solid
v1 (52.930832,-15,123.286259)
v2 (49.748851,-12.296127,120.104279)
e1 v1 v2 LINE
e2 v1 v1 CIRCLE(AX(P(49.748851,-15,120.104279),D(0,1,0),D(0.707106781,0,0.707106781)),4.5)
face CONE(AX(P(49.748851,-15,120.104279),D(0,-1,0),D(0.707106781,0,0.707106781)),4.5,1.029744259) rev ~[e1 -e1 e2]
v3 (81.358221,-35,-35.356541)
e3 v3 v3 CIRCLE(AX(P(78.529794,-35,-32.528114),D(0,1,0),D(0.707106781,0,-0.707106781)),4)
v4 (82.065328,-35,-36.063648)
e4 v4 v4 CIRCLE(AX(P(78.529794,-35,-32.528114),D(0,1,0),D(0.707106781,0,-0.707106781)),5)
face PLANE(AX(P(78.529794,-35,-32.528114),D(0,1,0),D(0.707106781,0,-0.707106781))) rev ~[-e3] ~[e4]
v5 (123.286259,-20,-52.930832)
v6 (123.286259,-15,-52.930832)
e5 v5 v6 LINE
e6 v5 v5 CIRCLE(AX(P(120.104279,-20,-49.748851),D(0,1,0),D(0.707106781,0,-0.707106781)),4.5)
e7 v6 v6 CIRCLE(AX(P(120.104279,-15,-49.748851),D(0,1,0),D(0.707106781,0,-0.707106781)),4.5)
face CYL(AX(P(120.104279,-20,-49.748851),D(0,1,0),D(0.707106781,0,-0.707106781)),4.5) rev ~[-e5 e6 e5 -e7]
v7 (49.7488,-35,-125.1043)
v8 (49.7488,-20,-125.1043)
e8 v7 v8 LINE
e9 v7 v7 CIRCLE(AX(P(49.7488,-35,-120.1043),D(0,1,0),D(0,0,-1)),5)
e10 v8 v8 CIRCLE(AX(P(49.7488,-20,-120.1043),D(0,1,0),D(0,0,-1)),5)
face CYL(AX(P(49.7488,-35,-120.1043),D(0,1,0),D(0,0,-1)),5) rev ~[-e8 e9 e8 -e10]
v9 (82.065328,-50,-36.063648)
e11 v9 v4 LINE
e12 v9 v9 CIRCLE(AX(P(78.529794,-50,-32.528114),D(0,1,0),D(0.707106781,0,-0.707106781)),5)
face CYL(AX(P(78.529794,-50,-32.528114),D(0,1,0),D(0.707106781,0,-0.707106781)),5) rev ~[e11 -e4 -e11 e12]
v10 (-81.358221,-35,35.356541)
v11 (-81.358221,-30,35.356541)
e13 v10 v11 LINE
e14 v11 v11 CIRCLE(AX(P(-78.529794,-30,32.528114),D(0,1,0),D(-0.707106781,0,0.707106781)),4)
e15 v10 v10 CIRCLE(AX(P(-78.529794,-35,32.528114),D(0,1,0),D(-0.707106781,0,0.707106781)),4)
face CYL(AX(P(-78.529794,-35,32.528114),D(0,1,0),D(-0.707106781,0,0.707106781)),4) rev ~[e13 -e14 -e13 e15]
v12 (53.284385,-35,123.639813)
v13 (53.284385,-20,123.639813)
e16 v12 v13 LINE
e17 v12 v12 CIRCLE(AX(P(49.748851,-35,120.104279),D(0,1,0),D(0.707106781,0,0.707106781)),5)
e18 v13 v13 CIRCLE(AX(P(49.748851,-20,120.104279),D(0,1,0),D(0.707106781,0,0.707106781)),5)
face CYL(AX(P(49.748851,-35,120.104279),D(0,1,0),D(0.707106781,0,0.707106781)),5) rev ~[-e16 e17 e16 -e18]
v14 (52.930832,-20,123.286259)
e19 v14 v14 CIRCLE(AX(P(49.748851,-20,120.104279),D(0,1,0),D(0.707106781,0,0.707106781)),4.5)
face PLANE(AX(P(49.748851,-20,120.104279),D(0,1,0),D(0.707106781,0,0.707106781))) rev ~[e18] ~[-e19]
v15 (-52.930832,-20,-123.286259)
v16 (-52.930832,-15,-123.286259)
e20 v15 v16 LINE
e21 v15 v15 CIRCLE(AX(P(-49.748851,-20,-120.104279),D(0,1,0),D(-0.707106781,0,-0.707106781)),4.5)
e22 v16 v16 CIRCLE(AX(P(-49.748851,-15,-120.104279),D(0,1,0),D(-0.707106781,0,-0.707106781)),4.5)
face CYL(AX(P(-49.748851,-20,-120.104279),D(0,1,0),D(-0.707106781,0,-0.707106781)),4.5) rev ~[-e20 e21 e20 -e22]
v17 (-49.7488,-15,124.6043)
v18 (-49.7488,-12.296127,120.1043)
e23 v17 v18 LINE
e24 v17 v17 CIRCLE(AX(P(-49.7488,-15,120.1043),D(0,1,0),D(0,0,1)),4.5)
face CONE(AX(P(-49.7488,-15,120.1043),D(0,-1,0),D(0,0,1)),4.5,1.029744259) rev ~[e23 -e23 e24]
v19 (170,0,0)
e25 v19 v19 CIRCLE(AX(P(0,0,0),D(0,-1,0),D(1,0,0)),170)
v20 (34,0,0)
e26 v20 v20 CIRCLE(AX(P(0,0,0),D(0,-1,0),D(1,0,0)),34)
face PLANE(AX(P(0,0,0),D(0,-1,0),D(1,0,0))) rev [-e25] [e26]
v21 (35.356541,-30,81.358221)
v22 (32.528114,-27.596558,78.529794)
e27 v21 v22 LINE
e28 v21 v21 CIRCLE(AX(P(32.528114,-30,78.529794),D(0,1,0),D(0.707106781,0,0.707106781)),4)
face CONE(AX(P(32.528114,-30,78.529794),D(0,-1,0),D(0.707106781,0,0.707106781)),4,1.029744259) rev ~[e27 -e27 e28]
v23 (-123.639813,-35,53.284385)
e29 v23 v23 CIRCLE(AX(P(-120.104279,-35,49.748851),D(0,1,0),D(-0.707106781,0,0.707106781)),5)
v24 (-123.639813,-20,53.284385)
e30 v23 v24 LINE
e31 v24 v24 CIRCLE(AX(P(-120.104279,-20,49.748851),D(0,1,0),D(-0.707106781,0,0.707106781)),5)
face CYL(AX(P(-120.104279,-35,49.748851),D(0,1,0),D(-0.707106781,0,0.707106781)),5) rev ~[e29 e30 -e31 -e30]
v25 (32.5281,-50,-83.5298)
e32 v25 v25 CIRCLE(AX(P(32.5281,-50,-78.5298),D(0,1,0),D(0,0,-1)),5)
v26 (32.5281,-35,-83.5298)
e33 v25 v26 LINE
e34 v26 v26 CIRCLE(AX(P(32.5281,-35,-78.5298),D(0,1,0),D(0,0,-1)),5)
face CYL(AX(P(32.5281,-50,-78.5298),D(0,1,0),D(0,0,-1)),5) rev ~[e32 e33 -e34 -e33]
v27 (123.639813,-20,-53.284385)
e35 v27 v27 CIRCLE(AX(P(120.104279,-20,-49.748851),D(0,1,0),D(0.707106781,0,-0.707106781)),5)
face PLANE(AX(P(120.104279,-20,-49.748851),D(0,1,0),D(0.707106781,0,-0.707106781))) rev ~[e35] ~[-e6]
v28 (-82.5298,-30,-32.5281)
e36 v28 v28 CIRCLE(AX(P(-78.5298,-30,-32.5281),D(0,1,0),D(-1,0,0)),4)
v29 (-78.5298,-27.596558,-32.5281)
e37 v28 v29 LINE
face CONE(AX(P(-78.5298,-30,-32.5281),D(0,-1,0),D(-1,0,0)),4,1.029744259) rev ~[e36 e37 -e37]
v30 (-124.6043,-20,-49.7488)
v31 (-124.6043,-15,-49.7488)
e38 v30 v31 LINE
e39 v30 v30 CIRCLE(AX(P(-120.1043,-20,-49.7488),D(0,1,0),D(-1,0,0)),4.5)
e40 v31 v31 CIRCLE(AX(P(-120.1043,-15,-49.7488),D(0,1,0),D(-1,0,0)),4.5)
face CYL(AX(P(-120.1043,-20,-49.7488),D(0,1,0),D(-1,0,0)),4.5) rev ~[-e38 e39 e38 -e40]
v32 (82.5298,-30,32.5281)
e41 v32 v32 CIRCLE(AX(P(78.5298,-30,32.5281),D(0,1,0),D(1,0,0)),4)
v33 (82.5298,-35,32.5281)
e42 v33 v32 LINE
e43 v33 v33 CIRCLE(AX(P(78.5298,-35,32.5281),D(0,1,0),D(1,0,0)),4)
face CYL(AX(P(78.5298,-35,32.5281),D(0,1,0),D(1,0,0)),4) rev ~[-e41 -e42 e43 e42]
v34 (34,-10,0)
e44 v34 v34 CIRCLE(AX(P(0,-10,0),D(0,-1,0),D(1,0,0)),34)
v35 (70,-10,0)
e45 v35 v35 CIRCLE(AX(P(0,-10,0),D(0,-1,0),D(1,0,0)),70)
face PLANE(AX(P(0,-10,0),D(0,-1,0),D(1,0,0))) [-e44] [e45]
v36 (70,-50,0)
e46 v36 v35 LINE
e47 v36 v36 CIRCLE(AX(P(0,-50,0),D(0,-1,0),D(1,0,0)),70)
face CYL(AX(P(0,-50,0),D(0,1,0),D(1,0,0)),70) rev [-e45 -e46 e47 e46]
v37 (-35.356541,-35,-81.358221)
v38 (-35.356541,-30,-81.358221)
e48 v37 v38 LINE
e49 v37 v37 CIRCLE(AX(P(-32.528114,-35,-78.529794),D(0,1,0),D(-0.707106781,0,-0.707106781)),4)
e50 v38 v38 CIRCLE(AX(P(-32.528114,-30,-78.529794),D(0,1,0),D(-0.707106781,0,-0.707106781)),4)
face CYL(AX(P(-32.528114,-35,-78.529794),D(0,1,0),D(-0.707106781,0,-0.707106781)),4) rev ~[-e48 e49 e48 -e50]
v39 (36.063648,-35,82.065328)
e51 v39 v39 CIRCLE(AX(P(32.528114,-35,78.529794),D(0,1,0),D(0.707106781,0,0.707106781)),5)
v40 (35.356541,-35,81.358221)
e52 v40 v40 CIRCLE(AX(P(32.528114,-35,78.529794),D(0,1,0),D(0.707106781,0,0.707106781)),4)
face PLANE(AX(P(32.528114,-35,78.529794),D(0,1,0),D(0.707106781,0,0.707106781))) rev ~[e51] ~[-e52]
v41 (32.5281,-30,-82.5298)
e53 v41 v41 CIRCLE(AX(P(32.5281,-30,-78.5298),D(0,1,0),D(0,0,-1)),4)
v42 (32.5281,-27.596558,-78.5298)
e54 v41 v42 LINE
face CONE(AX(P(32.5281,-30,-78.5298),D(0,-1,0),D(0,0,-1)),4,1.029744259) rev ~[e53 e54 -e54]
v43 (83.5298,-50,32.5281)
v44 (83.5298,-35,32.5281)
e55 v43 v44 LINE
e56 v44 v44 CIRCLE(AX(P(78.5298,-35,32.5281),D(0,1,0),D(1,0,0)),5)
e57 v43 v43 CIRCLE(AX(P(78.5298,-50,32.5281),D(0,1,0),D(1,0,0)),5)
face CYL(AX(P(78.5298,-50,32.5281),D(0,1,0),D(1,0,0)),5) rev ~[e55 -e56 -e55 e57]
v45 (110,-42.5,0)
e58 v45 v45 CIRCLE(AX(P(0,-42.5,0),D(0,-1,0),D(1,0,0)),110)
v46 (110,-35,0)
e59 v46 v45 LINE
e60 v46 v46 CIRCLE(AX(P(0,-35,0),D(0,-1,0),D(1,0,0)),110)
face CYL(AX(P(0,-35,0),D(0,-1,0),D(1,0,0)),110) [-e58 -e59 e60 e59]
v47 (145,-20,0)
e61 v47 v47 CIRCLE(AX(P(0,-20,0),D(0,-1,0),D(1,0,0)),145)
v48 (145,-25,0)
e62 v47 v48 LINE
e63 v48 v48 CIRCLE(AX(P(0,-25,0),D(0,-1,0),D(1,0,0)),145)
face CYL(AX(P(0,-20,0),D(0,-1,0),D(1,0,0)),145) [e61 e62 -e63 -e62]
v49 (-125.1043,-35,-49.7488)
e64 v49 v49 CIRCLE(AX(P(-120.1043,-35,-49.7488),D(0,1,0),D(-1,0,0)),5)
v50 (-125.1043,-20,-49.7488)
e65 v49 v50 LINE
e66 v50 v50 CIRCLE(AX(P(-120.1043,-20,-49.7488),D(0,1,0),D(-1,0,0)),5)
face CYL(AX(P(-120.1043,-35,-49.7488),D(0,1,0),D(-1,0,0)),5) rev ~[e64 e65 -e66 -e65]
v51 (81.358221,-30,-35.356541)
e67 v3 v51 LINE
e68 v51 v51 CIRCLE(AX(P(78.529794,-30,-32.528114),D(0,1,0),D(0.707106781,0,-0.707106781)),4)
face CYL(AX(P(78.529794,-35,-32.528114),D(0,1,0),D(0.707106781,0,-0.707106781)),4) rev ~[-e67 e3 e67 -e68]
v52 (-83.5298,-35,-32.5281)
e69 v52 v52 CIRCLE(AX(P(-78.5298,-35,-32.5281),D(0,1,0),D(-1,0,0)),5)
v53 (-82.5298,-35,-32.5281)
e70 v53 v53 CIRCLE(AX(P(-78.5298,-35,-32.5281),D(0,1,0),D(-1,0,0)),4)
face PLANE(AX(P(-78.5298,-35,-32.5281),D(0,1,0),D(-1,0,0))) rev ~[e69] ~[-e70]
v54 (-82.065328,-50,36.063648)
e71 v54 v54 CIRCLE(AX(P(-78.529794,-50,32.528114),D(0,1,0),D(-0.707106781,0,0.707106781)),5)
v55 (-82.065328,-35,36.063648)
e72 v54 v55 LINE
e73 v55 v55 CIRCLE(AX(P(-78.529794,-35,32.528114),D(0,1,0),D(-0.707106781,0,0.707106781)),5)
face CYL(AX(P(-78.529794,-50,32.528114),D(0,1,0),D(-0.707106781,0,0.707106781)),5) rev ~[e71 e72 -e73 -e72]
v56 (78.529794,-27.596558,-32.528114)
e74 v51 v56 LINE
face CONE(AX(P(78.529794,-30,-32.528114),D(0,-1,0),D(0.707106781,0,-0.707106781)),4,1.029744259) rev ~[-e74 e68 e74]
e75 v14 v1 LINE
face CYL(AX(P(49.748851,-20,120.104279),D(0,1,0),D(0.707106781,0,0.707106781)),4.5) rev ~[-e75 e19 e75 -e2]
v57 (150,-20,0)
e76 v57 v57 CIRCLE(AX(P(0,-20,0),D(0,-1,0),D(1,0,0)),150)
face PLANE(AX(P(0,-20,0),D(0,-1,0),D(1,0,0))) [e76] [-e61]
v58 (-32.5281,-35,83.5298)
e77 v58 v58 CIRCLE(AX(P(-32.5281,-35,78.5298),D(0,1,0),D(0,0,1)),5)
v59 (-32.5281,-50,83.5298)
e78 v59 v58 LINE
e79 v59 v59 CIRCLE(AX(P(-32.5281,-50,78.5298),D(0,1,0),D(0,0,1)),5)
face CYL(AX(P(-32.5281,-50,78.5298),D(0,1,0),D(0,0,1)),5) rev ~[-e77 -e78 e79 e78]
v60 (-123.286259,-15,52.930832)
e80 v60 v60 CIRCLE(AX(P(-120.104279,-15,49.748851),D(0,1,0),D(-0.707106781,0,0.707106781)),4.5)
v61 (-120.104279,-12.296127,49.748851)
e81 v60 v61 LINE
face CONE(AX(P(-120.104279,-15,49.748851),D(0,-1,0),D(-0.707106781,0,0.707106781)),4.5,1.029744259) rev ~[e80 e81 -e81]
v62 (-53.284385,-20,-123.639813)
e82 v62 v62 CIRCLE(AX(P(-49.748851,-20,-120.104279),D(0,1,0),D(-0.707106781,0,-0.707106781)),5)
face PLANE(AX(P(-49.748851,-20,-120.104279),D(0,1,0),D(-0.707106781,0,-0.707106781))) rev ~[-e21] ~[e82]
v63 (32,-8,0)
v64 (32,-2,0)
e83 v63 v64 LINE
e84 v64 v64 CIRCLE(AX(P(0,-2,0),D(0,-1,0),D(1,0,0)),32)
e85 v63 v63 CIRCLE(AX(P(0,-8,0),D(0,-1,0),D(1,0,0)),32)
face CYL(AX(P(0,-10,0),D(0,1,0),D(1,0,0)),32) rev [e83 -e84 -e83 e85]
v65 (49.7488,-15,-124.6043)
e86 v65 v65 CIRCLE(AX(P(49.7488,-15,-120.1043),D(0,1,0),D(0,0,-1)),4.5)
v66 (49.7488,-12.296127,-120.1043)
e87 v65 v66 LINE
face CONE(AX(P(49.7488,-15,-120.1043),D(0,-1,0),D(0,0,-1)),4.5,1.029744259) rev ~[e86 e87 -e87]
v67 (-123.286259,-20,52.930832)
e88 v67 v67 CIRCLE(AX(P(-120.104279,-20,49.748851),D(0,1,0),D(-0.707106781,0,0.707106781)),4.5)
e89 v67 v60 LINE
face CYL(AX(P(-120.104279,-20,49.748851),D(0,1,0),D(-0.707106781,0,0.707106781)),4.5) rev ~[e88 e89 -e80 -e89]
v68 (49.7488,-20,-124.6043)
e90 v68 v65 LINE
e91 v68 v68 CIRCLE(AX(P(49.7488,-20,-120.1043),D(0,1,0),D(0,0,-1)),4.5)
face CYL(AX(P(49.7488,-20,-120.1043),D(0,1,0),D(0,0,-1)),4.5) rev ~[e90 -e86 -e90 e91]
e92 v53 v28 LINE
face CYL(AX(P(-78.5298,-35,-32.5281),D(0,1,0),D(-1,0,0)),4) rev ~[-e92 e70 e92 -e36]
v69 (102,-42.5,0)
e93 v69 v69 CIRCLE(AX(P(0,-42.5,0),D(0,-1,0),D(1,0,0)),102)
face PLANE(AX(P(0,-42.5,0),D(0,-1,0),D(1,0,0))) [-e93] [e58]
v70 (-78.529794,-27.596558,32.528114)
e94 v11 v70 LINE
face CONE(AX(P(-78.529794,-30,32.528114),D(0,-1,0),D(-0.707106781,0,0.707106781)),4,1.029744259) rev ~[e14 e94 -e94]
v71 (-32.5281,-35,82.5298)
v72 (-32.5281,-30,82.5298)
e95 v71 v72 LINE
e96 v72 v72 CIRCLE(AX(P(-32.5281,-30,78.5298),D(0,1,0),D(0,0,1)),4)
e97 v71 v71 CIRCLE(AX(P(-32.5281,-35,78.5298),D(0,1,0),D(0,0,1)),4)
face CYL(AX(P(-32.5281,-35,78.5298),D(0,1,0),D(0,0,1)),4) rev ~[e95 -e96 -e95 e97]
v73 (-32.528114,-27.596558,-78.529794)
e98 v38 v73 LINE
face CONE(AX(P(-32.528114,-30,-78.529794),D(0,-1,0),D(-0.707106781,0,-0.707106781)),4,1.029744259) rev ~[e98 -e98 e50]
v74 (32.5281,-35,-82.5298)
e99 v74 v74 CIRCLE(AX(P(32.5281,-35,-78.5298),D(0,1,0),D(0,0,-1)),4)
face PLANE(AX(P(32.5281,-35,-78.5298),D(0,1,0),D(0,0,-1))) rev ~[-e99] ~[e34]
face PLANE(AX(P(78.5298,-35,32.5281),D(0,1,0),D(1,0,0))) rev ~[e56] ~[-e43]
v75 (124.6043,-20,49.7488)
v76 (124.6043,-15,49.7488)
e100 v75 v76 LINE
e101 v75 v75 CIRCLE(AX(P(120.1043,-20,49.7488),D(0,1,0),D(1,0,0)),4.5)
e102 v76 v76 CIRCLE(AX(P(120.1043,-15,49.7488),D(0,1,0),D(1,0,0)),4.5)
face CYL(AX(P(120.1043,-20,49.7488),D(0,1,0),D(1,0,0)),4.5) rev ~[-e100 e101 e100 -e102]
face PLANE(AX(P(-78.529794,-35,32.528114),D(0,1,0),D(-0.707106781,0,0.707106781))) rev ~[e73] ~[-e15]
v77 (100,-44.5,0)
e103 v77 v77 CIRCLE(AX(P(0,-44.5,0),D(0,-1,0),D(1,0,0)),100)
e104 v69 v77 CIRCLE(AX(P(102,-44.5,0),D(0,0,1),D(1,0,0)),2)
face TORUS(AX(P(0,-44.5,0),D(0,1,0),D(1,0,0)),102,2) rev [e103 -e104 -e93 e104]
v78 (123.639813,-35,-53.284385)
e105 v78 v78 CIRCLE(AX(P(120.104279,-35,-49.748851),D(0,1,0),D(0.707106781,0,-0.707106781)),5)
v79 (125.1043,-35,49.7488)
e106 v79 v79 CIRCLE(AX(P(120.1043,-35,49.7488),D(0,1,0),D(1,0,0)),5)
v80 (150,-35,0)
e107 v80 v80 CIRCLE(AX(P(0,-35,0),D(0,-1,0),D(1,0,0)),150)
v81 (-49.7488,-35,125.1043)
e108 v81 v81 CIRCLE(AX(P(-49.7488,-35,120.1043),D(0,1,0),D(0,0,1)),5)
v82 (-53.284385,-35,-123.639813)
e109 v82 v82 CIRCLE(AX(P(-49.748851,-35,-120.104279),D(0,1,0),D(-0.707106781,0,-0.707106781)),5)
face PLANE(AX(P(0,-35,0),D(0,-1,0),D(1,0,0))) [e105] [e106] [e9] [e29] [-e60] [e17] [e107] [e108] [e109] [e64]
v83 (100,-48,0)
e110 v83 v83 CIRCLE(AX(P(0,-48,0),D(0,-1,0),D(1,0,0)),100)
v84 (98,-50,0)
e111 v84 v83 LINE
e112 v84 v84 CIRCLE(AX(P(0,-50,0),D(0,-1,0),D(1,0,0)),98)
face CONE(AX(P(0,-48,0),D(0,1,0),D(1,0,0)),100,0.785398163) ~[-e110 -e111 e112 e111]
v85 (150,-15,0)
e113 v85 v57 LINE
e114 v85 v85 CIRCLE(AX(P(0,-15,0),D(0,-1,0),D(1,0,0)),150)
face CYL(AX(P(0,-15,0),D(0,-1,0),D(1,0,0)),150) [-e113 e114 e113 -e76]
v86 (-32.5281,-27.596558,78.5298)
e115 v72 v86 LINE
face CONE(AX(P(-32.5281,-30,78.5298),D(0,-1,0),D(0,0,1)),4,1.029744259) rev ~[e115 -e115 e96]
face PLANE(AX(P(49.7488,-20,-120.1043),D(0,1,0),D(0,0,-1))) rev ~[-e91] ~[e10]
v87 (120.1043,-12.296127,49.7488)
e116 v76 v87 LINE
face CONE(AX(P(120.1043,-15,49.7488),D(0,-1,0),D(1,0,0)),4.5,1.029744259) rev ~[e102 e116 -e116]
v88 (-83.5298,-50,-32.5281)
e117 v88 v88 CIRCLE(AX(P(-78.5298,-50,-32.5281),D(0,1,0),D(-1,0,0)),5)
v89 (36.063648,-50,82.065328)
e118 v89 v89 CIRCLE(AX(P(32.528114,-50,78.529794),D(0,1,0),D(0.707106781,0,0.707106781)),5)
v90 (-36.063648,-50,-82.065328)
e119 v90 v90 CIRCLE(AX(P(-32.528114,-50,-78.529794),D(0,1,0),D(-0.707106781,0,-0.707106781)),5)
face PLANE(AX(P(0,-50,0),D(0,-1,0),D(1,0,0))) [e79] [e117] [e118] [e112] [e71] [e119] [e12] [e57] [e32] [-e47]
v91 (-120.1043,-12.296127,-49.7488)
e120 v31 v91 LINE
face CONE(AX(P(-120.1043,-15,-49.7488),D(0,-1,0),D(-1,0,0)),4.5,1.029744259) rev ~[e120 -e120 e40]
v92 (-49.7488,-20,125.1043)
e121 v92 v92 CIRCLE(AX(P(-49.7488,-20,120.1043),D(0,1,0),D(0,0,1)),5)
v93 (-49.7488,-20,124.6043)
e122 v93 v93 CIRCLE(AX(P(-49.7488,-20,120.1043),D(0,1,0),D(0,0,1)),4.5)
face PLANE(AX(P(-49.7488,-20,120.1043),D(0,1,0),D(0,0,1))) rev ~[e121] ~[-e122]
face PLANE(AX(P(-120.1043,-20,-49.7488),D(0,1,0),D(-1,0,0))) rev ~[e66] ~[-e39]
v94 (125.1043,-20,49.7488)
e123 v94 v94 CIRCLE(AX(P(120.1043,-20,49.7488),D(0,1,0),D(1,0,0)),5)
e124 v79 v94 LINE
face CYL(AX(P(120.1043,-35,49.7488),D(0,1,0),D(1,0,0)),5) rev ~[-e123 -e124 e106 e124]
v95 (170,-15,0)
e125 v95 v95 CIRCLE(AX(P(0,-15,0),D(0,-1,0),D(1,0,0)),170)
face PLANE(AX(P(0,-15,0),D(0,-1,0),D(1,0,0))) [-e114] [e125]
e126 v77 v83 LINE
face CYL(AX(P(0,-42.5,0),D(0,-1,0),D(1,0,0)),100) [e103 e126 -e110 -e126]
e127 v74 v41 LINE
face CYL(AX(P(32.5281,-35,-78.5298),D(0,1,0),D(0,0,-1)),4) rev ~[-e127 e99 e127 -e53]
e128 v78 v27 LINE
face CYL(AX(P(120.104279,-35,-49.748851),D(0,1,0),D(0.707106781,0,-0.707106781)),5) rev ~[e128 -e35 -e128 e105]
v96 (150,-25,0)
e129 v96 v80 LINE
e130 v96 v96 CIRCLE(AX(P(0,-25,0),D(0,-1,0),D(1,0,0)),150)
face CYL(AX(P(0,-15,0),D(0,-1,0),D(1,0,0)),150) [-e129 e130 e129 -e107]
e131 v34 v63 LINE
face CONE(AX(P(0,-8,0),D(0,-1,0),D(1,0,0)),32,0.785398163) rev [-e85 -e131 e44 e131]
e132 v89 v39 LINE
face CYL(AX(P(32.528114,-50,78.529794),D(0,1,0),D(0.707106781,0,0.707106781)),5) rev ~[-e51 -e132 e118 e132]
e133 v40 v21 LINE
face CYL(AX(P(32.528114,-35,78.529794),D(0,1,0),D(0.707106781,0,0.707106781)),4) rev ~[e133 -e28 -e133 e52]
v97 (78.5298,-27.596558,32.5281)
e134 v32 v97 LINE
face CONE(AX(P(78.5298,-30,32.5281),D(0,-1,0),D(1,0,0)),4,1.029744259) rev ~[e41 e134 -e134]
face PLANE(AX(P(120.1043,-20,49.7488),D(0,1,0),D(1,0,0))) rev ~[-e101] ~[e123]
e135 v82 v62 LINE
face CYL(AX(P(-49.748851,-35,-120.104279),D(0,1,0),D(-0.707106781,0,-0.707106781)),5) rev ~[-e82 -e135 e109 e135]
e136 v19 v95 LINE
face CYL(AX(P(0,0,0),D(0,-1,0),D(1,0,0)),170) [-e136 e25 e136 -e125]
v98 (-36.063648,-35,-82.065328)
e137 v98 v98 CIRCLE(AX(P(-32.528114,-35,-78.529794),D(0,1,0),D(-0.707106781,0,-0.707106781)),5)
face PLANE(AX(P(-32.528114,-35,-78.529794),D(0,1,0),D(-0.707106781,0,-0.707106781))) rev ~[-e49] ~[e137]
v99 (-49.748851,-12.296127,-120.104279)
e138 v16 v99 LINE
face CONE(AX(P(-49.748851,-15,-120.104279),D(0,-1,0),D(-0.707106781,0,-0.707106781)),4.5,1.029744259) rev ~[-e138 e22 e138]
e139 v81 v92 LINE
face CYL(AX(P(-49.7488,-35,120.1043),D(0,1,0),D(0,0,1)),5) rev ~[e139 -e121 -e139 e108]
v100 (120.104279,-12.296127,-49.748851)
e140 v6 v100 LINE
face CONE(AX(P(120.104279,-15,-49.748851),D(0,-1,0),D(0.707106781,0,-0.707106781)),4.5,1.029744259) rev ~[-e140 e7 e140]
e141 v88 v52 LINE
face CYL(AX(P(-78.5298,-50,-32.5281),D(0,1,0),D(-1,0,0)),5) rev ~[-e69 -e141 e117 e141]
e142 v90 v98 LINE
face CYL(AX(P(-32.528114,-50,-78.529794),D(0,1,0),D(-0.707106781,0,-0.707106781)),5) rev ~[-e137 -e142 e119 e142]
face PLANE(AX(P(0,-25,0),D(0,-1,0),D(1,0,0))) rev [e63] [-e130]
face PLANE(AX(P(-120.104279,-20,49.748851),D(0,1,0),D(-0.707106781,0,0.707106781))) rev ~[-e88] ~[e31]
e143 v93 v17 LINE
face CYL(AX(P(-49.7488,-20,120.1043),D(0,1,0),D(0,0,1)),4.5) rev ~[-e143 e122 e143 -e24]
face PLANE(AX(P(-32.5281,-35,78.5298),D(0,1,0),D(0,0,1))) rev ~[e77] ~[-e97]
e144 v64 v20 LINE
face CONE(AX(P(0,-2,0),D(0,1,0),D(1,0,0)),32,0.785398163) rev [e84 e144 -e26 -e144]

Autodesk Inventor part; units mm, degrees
ref_plane "YZ Plane" through (0, 0, 0) normal (1, 0, 0) x (0, 1, 0)
ref_plane "XZ Plane" through (0, 0, 0) normal (0, 1, 0) x (-1, 0, 0)
ref_plane "XY Plane" through (0, 0, 0) normal (0, 0, 1) x (1, 0, 0)
sketch "Эскиз1" plane through (0, 0, 0) normal (0, 0, 1) x (1, 0, 0)
  line L0 (0, 0) -> (170, 0)
  line L1 (170, 0) -> (170, -15)
  line L2 (170, -15) -> (150, -15)
  line L3 (150, -15) -> (150, -35)
  line L4 (150, -35) -> (110, -35)
  line L5 (110, -35) -> (110, -42.5)
  line L6 (110, -42.5) -> (100, -42.5)
  line L7 (100, -42.5) -> (100, -50)
  line L8 (100, -50) -> (70, -50)
  line L9 (70, -50) -> (70, -10)
  line L10 (70, -10) -> (32, -10)
  line L11 (32, -10) -> (32, 0)
  line L12 (0, 0) -> (0, -18.1999)
  line L13 (150, -20) -> (145, -20)
  line L14 (145, -20) -> (145, -25)
  line L15 (145, -25) -> (150, -25)
  dimension "d0" = 170
  dimension "d1" = 15
  dimension "d2" = 20
  dimension "d3" = 20
  dimension "d4" = 40
  dimension "d5" = 7.5
  dimension "d6" = 10
  dimension "d7" = 7.5
  dimension "d8" = 30
  dimension "d9" = 40
  dimension "d10" = 38
  dimension "d11" = 5
  dimension "d12" = 5
  dimension "d15" = 5
revolve "Вращение1" add sketch "Эскиз1" angle 360 about axis through (0, 0, 0) along (0, -1, 0) contours L0 L1 L2 L3 L13 L14 L15 L4 L5 L6 L7 L8 L9 L10 L11
fillet "Сопряжение1" radius 2 1 edges at (-100, -42.5, 0)
sketch "Эскиз2" plane through (0, -35, 0) normal (0, -1, 0) x (1, 0, 0)
  circle A0 centre (0, 0) radius 110 projected
  line L0 (0, 0) -> (49.7488, -120.1043)
  line L1 (0, -238) -> (0, 238) projected
  dimension "d16" = 130
  dimension "d17" = 22.5
hole "Отверстие1" at (49.7488, -35, -120.1043) direction (0, 1, 0) diameter 9 depth 20 tip angle 118 counterbore diameter 10 counterbore depth 15
pattern_circular "Круговой массив1" count 8 over 360 about axis through (0, -30, 0) along (0, -1, 0) of "Отверстие1"
sketch "Эскиз3" plane through (0, -50, 0) normal (0, -1, 0) x (1, 0, 0)
  circle A0 centre (0, 0) radius 70 projected
  line L0 (0, 0) -> (32.5281, -78.5298)
  line L1 (0, -238) -> (0, 238) projected
  dimension "d44" = 85
  dimension "d45" = 22.5
hole "Отверстие2" at (32.5281, -50, -78.5298) direction (0, 1, 0) diameter 8 depth 20 tip angle 118 counterbore diameter 10 counterbore depth 15
pattern_circular "Круговой массив2" count 8 over 360 about axis through (0, -30, 0) along (0, -1, 0) of "Отверстие2"
chamfer "Фаска1" distance 2 angle 45 2 edges at (-32, 0, 0) (-32, -10, 0)
chamfer "Фаска2" distance 2 angle 45 1 edges at (-100, -50, 0)
thread "Резьба17" size "M10x1.5" class "6H" standard "ANSI Metric M Profile" full length
thread "Резьба18" size "M10x1.5" class "6H" standard "ANSI Metric M Profile" full length
thread "Резьба19" size "M10x1.5" class "6H" standard "ANSI Metric M Profile" full length
thread "Резьба20" size "M10x1.5" class "6H" standard "ANSI Metric M Profile" full length
thread "Резьба21" size "M10x1.5" class "6H" standard "ANSI Metric M Profile" full length
thread "Резьба22" size "M10x1.5" class "6H" standard "ANSI Metric M Profile" full length
thread "Резьба23" size "M10x1.5" class "6H" standard "ANSI Metric M Profile" full length
thread "Резьба24" size "M10x1.5" class "6H" standard "ANSI Metric M Profile" full length
thread "Резьба25" size "M10x1.5" class "6H" standard "ANSI Metric M Profile" full length
thread "Резьба26" size "M10x1.5" class "6H" standard "ANSI Metric M Profile" full length
thread "Резьба27" size "M10x1.5" class "6H" standard "ANSI Metric M Profile" full length
thread "Резьба28" size "M10x1.5" class "6H" standard "ANSI Metric M Profile" full length
thread "Резьба29" size "M10x1.5" class "6H" standard "ANSI Metric M Profile" full length
thread "Резьба30" size "M10x1.5" class "6H" standard "ANSI Metric M Profile" full length
thread "Резьба31" size "M10x1.5" class "6H" standard "ANSI Metric M Profile" full length
thread "Резьба32" size "M10x1.5" class "6H" standard "ANSI Metric M Profile" full length
properties part number "Крышка перегородки11" material "Чугун, литейный"
